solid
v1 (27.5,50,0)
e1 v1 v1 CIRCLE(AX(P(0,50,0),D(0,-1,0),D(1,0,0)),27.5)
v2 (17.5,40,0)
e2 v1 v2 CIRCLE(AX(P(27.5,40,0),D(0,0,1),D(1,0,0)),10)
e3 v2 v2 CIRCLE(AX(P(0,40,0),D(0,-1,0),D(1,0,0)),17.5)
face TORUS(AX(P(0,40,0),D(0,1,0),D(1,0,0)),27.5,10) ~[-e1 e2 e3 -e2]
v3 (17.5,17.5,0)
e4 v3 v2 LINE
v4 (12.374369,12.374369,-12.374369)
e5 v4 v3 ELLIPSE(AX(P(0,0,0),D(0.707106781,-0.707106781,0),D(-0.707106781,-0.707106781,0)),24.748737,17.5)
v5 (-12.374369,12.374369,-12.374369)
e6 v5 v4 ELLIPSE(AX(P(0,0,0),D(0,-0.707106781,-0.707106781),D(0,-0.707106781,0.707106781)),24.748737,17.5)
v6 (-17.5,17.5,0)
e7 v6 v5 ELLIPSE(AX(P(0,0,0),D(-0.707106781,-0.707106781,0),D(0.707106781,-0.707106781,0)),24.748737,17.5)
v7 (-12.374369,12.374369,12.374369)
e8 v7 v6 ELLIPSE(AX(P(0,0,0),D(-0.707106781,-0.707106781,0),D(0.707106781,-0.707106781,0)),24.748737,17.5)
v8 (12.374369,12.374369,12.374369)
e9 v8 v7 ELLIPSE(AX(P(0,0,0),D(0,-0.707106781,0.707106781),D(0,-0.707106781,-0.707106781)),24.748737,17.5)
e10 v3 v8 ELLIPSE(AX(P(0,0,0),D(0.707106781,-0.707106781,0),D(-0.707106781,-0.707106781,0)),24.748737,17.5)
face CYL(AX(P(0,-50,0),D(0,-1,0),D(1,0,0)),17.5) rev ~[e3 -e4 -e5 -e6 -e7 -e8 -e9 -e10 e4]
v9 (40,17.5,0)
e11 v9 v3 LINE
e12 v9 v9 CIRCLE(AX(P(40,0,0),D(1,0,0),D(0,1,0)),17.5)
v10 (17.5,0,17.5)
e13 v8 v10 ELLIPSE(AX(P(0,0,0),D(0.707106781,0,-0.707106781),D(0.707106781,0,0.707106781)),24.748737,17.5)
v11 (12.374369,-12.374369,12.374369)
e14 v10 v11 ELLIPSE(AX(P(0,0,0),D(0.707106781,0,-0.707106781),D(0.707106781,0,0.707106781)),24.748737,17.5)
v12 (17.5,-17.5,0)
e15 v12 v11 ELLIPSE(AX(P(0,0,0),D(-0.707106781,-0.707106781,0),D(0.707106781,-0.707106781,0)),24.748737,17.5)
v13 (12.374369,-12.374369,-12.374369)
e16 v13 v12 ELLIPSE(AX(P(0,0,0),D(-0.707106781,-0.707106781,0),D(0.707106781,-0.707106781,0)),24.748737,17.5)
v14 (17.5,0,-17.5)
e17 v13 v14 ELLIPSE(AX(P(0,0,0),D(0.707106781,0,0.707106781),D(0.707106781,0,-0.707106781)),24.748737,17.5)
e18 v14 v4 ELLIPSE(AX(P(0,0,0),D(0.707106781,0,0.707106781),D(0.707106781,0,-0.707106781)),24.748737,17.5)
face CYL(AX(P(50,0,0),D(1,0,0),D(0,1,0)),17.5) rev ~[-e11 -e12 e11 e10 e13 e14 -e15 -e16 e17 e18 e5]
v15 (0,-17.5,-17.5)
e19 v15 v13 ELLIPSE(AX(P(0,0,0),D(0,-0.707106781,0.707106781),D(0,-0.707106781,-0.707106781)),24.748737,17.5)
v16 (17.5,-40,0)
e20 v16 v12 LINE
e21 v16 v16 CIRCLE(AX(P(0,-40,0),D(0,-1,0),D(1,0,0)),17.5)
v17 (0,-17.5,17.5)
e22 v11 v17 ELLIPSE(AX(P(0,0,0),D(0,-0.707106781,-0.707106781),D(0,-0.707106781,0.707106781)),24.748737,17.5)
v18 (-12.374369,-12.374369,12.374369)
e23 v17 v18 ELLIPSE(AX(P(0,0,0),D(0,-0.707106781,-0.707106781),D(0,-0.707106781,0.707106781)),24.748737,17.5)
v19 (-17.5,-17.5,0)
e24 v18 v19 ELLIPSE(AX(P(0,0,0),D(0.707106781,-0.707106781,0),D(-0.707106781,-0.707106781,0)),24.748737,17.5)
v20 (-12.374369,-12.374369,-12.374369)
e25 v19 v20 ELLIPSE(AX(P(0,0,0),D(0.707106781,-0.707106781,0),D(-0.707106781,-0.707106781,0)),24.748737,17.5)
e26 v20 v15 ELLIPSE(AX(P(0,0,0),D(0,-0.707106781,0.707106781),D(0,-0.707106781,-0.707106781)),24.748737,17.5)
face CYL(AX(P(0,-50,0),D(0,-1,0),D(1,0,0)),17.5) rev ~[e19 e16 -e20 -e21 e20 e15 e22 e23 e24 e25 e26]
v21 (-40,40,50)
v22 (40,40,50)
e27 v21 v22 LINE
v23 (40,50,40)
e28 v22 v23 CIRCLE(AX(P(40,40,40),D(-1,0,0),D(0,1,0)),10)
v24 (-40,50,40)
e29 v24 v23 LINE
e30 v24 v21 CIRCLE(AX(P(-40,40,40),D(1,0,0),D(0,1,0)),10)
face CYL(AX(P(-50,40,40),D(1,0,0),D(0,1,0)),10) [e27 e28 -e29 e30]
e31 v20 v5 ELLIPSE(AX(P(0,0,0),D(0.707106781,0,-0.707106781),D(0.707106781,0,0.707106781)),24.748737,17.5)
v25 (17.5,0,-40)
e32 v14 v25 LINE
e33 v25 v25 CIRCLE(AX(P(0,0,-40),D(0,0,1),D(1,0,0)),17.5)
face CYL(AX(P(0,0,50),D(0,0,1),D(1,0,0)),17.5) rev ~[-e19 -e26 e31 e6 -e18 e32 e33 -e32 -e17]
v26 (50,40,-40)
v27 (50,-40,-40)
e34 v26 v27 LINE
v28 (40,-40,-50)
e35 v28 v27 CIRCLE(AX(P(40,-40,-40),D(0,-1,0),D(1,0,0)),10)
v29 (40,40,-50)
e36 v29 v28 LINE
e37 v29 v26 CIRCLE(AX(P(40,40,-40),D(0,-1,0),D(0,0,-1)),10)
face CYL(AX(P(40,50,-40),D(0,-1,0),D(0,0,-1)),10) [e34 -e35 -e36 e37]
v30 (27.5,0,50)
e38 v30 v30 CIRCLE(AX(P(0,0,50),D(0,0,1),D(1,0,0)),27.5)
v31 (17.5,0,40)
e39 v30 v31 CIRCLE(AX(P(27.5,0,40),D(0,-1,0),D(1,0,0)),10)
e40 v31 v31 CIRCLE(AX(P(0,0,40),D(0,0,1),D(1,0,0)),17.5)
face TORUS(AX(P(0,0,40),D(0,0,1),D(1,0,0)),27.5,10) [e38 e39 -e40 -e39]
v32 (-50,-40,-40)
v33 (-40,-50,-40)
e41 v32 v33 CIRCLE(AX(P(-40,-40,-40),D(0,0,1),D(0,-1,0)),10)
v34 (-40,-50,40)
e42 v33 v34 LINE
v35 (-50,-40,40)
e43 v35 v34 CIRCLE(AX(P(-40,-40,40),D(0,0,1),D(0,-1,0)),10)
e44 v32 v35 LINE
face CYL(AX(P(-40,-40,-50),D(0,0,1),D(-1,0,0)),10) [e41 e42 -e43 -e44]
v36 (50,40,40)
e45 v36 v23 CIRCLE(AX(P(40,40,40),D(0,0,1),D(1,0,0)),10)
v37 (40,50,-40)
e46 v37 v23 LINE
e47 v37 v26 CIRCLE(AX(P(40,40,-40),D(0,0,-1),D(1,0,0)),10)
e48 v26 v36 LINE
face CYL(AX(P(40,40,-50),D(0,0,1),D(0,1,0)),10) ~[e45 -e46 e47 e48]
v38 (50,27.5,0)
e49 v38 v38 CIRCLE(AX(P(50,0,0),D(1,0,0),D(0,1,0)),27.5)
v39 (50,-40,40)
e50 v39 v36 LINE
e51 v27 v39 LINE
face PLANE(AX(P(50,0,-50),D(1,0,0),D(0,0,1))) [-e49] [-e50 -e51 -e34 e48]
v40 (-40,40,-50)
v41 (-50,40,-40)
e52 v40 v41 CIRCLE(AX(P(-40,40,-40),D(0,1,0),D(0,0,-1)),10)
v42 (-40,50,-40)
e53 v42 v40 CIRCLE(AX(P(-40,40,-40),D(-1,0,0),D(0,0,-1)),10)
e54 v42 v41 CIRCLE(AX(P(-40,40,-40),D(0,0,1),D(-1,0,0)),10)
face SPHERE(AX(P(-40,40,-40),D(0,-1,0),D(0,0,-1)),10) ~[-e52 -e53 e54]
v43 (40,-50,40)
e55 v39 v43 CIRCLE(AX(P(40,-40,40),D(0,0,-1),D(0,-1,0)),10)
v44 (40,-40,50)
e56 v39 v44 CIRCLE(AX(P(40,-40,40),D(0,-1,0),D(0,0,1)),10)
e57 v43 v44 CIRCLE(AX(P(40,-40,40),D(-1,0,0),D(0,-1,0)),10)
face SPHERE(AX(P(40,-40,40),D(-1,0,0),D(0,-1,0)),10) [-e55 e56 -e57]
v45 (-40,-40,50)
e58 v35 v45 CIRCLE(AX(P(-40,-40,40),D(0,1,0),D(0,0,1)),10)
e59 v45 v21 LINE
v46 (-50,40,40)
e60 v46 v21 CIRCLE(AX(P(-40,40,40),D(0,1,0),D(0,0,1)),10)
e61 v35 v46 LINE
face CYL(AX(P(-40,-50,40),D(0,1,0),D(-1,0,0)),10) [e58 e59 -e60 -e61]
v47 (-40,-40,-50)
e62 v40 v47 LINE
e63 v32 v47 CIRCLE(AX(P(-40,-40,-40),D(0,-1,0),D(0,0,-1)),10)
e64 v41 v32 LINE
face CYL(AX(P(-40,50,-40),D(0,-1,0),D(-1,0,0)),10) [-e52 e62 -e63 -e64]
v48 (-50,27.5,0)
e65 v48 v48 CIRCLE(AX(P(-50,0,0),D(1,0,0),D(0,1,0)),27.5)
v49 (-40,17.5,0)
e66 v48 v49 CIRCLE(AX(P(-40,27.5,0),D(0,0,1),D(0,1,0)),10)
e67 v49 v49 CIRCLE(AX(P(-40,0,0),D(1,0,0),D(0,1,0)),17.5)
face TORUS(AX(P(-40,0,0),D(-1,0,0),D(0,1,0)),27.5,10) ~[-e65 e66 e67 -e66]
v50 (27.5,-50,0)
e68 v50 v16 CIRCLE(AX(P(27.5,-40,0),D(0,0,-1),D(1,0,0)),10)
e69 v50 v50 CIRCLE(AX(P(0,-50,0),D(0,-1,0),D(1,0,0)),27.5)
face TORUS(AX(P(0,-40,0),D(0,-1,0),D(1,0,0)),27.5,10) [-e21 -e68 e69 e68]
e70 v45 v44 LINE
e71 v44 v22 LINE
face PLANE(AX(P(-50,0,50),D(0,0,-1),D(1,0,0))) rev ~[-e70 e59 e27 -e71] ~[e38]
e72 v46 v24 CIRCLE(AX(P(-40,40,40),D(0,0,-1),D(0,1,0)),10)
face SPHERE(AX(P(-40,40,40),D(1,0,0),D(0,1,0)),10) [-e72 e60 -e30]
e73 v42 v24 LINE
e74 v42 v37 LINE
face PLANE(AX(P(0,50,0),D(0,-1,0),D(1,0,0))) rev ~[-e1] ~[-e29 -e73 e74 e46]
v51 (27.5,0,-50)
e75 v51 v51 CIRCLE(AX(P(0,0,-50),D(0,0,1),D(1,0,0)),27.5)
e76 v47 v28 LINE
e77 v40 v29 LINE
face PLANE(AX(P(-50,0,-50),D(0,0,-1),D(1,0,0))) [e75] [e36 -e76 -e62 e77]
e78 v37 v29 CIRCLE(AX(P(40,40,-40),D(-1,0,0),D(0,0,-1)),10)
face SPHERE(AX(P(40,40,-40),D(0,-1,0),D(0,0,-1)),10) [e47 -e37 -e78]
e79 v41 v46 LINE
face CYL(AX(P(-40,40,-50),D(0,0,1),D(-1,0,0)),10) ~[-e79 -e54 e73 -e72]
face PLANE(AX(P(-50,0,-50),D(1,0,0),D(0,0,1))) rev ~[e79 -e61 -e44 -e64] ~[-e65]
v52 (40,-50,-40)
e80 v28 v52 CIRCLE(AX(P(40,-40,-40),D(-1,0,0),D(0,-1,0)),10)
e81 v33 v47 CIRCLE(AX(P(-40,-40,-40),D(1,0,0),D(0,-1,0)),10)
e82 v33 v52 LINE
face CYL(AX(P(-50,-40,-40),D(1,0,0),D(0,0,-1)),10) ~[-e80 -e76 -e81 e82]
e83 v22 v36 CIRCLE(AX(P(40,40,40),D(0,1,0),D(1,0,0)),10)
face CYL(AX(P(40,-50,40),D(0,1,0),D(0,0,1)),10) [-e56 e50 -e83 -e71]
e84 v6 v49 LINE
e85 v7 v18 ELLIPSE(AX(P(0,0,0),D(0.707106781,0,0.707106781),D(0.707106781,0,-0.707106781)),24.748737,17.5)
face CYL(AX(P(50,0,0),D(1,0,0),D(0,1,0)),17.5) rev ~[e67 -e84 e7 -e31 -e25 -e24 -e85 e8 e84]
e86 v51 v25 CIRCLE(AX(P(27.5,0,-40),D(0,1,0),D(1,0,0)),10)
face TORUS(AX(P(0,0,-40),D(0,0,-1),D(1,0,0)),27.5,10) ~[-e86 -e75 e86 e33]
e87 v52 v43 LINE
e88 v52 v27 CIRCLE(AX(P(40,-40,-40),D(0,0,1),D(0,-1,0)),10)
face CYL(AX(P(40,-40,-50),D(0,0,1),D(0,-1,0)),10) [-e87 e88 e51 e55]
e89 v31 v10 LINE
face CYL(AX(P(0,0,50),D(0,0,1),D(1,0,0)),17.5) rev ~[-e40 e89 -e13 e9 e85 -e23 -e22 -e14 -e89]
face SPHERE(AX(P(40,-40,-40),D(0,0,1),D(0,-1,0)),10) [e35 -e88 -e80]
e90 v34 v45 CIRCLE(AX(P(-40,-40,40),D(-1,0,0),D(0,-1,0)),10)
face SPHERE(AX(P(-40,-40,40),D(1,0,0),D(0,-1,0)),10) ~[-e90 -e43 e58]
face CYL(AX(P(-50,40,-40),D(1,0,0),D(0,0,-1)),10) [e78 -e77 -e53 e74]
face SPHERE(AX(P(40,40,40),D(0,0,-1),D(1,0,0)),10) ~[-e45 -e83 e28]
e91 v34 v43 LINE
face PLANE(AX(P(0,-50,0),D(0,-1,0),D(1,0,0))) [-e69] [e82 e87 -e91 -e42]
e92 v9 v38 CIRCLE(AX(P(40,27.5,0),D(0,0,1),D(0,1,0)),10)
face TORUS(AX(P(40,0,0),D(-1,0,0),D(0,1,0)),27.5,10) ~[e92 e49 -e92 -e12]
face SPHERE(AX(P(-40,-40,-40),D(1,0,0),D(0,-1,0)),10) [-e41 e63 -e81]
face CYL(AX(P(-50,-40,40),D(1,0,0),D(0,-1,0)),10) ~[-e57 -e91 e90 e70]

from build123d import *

# Parameters (mm, degrees)
F0_W     = 100
F0_H     = 100
F1_DEPTH = 50
F2_R     = 17.5
F3_DEPTH = 100.001
F4_R     = 17.5
F5_DEPTH = 100.001
F6_R     = 10
F7_R     = 10
F8_R     = 17.5
F9_DEPTH = 100.001
F10_R    = 10


with BuildPart() as f1:
    # F0 (on Front) → F1 (new body, symmetric)
    with BuildSketch(Plane.XZ):
        Rectangle(F0_W, F0_H)
    extrude(amount=F1_DEPTH, both=True)

    # F2 (on face) → F3 (cut, through all)
    with BuildSketch(Plane.XZ.offset(50)):
        Circle(F2_R)
    extrude(amount=-F3_DEPTH, mode=Mode.SUBTRACT)

    # F4 (on face) → F5 (cut, through all)
    with BuildSketch(Plane.YZ.offset(50)):
        Circle(F4_R)
    extrude(amount=-F5_DEPTH, mode=Mode.SUBTRACT)

    # F6
    f6_edges = [f1.edges().sort_by_distance(p)[0] for p in [
        (0, -50, 50),
        (50, -50, 0),
        (0, -50, -50),
        (-50, -50, 0),
        (50, 0, -50),
        (-50, 0, -50),
        (0, 50, -50),
        (50, 50, 0),
        (50, 0, 50),
        (0, 50, 50),
        (-50, 50, 0),
        (-50, 0, 50),
        (-17.5, 50, 0),
        (-17.5, -50, 0),
    ]]
    fillet(f6_edges, radius=F6_R)

    # F7
    f7_edges = [f1.edges().sort_by_distance(p)[0] for p in [
        (50, -17.5, 0),
        (-50, -17.5, 0),
    ]]
    fillet(f7_edges, radius=F7_R)

    # F8 (on face) → F9 (cut, through all)
    with BuildSketch(Plane.XY.offset(50)):
        Circle(F8_R)
    extrude(amount=-F9_DEPTH, mode=Mode.SUBTRACT)

    # F10
    f10_edges = [f1.edges().sort_by_distance(p)[0] for p in [
        (-17.5, 0, -50),
        (-17.5, 0, 50),
    ]]
    fillet(f10_edges, radius=F10_R)


solid = f1.part
